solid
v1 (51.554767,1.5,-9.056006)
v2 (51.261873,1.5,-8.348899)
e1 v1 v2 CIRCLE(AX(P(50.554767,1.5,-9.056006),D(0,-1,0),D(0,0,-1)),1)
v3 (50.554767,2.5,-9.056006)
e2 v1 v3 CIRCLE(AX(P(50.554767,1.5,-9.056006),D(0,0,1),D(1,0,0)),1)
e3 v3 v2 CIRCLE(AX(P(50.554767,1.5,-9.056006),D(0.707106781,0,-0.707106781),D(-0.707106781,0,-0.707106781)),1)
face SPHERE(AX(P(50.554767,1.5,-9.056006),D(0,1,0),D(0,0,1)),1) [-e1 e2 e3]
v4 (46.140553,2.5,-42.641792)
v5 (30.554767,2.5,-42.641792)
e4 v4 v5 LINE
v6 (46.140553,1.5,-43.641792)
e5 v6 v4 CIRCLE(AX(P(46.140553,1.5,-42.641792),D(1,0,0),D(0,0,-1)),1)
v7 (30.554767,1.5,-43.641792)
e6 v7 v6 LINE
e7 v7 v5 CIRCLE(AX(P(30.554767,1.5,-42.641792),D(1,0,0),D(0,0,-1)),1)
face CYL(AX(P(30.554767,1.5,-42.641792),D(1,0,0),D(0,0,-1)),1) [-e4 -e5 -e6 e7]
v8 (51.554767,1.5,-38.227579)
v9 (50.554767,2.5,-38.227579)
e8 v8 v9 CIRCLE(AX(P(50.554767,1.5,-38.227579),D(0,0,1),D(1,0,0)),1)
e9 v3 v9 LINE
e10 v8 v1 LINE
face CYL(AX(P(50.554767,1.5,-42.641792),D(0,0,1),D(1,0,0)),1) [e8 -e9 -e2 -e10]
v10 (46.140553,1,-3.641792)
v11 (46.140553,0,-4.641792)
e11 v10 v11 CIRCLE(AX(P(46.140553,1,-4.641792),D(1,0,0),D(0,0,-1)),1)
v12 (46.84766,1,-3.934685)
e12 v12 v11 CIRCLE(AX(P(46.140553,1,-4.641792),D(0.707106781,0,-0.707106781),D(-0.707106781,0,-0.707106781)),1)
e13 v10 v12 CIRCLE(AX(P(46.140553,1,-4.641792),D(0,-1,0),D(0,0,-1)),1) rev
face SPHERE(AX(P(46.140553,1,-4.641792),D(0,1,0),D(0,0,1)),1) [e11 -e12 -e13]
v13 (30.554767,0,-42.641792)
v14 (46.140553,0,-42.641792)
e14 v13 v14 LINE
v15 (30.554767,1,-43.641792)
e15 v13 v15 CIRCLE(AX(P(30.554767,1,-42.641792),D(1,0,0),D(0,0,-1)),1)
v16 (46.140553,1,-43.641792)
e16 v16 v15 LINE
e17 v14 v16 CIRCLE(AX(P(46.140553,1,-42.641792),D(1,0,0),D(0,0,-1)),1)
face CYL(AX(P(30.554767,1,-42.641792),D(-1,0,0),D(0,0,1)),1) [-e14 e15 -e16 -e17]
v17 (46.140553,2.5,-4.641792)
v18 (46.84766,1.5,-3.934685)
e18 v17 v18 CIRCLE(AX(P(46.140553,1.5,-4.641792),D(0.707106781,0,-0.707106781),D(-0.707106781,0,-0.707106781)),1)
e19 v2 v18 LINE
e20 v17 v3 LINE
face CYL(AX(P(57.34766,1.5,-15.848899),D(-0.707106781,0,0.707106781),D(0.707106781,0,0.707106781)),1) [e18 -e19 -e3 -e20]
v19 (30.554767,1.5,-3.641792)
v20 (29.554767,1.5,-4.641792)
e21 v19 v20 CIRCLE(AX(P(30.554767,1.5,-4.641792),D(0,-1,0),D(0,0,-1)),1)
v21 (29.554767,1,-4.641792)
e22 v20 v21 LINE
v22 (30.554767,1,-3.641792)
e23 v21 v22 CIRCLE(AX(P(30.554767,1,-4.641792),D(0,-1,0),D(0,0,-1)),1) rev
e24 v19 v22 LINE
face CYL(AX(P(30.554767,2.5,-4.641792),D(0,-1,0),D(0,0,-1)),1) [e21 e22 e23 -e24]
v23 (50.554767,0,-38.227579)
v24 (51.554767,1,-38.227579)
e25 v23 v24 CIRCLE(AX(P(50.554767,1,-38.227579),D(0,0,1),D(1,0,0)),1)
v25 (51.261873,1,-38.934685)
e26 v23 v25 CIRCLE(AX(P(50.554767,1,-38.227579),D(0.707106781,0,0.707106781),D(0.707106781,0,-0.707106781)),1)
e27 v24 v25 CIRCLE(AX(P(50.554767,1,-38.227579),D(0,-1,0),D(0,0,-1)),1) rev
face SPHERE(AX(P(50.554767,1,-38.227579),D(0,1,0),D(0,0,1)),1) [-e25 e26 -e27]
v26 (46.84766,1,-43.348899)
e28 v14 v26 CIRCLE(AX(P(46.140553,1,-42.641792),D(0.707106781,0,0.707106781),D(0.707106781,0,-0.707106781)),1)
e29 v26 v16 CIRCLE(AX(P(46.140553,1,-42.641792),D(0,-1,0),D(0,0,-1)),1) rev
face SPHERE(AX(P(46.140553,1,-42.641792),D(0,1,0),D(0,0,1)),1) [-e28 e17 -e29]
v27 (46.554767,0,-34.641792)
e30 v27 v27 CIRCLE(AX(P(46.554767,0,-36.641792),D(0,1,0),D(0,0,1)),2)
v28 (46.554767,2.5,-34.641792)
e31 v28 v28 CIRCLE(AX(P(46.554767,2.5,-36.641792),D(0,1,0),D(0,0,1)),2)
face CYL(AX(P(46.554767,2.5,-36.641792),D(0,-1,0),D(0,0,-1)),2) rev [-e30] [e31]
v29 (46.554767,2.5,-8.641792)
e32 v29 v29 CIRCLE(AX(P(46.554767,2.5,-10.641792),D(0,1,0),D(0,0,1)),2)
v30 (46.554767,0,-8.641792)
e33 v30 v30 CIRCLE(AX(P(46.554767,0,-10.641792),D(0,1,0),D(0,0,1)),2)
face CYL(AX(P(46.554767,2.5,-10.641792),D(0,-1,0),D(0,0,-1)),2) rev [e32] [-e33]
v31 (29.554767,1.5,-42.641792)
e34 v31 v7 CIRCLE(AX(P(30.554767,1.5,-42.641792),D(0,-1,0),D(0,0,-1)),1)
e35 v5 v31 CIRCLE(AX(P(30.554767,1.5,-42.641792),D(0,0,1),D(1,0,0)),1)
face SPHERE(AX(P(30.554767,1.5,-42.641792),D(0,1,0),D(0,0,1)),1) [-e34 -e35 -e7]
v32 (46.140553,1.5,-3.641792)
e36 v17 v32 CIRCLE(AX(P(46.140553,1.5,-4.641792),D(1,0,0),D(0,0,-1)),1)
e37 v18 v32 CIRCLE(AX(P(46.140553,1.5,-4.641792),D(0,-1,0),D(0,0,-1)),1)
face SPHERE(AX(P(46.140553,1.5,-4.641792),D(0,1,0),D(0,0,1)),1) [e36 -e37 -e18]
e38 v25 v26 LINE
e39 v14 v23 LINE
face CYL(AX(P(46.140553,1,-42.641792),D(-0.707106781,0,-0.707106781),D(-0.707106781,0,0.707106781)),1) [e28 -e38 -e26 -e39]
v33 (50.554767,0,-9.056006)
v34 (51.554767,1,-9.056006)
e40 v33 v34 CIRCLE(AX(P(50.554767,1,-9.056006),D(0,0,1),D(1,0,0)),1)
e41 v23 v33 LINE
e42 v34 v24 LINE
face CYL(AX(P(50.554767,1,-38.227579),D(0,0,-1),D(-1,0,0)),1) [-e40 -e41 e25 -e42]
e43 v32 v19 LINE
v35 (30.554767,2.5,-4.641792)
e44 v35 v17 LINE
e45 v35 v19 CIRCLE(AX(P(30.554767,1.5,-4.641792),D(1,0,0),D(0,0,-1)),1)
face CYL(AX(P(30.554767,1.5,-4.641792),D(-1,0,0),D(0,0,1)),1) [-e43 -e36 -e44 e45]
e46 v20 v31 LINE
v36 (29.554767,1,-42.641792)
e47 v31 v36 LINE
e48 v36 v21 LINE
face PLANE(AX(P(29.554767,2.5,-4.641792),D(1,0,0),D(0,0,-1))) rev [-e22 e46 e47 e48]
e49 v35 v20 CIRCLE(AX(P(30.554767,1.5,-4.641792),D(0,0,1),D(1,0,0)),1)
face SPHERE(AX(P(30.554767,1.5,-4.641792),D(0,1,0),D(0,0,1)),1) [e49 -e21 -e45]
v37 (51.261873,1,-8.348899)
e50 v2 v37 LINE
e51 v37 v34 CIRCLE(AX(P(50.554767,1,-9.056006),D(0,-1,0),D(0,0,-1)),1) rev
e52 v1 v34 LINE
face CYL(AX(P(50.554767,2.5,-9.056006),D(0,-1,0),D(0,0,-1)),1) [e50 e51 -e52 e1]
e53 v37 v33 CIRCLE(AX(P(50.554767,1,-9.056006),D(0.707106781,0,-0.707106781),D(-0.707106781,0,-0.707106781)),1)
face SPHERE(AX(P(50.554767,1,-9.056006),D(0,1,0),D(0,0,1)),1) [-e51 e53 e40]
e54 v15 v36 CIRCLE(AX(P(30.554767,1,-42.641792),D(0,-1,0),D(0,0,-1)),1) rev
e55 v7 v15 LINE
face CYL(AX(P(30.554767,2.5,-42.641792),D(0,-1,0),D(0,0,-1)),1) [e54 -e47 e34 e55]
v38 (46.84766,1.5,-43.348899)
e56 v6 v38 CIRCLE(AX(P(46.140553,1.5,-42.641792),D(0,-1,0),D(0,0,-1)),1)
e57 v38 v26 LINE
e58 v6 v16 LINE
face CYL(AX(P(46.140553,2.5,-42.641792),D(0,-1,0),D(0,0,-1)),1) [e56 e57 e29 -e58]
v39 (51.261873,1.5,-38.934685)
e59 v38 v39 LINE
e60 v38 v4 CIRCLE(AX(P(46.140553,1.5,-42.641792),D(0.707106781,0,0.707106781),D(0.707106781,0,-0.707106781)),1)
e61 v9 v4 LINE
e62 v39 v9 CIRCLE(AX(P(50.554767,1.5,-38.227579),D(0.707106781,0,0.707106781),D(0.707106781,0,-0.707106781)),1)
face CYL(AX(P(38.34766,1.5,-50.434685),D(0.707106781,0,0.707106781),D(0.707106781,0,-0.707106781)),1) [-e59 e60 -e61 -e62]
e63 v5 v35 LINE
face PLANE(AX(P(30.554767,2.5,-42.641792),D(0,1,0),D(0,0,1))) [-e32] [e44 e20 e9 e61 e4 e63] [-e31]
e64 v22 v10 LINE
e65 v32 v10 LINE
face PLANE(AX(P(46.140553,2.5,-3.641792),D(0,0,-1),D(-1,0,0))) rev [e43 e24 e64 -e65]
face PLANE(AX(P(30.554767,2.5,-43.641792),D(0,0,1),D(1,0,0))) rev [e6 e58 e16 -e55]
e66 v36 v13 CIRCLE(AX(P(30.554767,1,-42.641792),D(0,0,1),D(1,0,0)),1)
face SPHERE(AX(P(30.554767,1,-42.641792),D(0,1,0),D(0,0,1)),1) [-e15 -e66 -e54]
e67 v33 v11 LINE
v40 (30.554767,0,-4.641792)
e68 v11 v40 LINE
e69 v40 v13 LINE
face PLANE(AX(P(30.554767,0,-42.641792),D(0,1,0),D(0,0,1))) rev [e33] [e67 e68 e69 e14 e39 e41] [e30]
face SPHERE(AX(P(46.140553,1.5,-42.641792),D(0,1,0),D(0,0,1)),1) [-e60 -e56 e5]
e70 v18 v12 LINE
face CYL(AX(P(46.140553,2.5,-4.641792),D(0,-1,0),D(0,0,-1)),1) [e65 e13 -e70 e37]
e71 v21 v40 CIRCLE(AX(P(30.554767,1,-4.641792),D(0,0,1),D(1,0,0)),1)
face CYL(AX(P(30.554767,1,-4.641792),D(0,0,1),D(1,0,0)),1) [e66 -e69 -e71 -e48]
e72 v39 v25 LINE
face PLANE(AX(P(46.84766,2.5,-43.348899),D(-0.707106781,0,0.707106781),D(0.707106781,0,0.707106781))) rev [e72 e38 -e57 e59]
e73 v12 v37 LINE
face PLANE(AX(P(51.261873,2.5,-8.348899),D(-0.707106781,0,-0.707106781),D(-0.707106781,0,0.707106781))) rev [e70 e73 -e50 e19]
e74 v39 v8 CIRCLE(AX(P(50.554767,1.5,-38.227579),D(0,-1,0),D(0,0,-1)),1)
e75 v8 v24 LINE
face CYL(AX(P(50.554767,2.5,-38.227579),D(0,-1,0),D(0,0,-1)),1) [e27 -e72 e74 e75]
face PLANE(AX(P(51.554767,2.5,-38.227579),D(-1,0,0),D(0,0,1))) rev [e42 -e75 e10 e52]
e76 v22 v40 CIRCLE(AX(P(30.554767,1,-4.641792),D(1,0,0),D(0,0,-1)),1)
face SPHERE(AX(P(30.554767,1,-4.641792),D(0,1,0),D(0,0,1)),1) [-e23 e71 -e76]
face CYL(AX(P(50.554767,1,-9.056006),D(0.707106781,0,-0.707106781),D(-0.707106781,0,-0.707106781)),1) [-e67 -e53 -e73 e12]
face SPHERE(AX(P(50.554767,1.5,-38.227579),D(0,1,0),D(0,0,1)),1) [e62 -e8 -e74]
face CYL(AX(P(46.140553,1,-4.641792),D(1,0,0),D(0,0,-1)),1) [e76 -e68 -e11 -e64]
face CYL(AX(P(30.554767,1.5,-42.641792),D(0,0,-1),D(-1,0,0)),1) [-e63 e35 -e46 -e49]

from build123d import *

# Parameters (mm, degrees)
SKETCH_1_R      = 2
EXTRUDE_1_DEPTH = 2.5
FILLET_1_R      = 1


with BuildPart() as part:
    # 草图1 → 凸台-拉伸1 (new body)
    with BuildSketch(Plane(origin=(0, 0, 0), x_dir=(1, 0, 0), z_dir=(0, 1, 0))):
        with BuildLine():
            Line((29.554766525, 4.641792145), (29.554766525, 7.641792145))
            Line((29.554766525, 7.641792145), (29.554766525, 42.641792145))
            ThreePointArc((29.554766525, 42.641792145), (29.847659744, 43.348898926), (30.554766525, 43.641792145))
            Line((30.554766525, 43.641792145), (46.140552963, 43.641792145))
            ThreePointArc((46.140552963, 43.641792145), (46.523236395, 43.565671677), (46.847659744, 43.348898926))
            Line((46.847659744, 43.348898926), (51.261873307, 38.934685364))
            ThreePointArc((51.261873307, 38.934685364), (51.478646058, 38.610262015), (51.554766525, 38.227578582))
            Line((51.554766525, 38.227578582), (51.554766525, 31.641792145))
            Line((51.554766525, 31.641792145), (51.554766525, 15.641792145))
            Line((51.554766525, 15.641792145), (51.554766525, 9.056005707))
            ThreePointArc((51.554766525, 9.056005707), (51.478646058, 8.673322275), (51.261873307, 8.348898926))
            Line((51.261873307, 8.348898926), (46.847659744, 3.934685364))
            ThreePointArc((46.847659744, 3.934685364), (46.523236395, 3.717912612), (46.140552963, 3.641792145))
            Line((46.140552963, 3.641792145), (30.554766525, 3.641792145))
            ThreePointArc((30.554766525, 3.641792145), (29.847659744, 3.934685364), (29.554766525, 4.641792145))
        make_face()
        with Locations(Location((46.554766525, 10.641792145, 0), (0, 0, 270))):
            Circle(SKETCH_1_R, mode=Mode.SUBTRACT)
        with Locations(Location((46.554766525, 36.641792145, 0), (0, 0, 270))):
            Circle(SKETCH_1_R, mode=Mode.SUBTRACT)
    extrude(amount=EXTRUDE_1_DEPTH)

    # 圆角1
    fillet_1_edges = [part.edges().sort_by_distance(p)[0] for p in [
        (29.847659744, 2.5, -3.934685364),
        (29.847659744, 0, -43.348898926),
        (38.347659744, 0, -43.641792145),
        (46.523236395, 0, -43.565671677),
        (49.054766525, 0, -41.141792145),
        (51.478646058, 0, -38.610262015),
        (51.554766525, 0, -23.641792145),
        (38.347659744, 2.5, -3.641792145),
        (51.478646058, 0, -8.673322275),
        (49.054766525, 0, -6.141792145),
        (46.523236395, 0, -3.717912612),
        (38.347659744, 0, -3.641792145),
        (29.847659744, 0, -3.934685364),
        (29.554766525, 0, -23.641792145),
        (46.523236395, 2.5, -3.717912612),
        (49.054766525, 2.5, -6.141792145),
        (51.478646058, 2.5, -8.673322275),
        (51.554766525, 2.5, -23.641792145),
        (51.478646058, 2.5, -38.610262015),
        (49.054766525, 2.5, -41.141792145),
        (29.554766525, 2.5, -23.641792145),
        (46.523236395, 2.5, -43.565671677),
        (38.347659744, 2.5, -43.641792145),
        (29.847659744, 2.5, -43.348898926),
    ]]
    fillet(fillet_1_edges, radius=FILLET_1_R)


solid = part.part
